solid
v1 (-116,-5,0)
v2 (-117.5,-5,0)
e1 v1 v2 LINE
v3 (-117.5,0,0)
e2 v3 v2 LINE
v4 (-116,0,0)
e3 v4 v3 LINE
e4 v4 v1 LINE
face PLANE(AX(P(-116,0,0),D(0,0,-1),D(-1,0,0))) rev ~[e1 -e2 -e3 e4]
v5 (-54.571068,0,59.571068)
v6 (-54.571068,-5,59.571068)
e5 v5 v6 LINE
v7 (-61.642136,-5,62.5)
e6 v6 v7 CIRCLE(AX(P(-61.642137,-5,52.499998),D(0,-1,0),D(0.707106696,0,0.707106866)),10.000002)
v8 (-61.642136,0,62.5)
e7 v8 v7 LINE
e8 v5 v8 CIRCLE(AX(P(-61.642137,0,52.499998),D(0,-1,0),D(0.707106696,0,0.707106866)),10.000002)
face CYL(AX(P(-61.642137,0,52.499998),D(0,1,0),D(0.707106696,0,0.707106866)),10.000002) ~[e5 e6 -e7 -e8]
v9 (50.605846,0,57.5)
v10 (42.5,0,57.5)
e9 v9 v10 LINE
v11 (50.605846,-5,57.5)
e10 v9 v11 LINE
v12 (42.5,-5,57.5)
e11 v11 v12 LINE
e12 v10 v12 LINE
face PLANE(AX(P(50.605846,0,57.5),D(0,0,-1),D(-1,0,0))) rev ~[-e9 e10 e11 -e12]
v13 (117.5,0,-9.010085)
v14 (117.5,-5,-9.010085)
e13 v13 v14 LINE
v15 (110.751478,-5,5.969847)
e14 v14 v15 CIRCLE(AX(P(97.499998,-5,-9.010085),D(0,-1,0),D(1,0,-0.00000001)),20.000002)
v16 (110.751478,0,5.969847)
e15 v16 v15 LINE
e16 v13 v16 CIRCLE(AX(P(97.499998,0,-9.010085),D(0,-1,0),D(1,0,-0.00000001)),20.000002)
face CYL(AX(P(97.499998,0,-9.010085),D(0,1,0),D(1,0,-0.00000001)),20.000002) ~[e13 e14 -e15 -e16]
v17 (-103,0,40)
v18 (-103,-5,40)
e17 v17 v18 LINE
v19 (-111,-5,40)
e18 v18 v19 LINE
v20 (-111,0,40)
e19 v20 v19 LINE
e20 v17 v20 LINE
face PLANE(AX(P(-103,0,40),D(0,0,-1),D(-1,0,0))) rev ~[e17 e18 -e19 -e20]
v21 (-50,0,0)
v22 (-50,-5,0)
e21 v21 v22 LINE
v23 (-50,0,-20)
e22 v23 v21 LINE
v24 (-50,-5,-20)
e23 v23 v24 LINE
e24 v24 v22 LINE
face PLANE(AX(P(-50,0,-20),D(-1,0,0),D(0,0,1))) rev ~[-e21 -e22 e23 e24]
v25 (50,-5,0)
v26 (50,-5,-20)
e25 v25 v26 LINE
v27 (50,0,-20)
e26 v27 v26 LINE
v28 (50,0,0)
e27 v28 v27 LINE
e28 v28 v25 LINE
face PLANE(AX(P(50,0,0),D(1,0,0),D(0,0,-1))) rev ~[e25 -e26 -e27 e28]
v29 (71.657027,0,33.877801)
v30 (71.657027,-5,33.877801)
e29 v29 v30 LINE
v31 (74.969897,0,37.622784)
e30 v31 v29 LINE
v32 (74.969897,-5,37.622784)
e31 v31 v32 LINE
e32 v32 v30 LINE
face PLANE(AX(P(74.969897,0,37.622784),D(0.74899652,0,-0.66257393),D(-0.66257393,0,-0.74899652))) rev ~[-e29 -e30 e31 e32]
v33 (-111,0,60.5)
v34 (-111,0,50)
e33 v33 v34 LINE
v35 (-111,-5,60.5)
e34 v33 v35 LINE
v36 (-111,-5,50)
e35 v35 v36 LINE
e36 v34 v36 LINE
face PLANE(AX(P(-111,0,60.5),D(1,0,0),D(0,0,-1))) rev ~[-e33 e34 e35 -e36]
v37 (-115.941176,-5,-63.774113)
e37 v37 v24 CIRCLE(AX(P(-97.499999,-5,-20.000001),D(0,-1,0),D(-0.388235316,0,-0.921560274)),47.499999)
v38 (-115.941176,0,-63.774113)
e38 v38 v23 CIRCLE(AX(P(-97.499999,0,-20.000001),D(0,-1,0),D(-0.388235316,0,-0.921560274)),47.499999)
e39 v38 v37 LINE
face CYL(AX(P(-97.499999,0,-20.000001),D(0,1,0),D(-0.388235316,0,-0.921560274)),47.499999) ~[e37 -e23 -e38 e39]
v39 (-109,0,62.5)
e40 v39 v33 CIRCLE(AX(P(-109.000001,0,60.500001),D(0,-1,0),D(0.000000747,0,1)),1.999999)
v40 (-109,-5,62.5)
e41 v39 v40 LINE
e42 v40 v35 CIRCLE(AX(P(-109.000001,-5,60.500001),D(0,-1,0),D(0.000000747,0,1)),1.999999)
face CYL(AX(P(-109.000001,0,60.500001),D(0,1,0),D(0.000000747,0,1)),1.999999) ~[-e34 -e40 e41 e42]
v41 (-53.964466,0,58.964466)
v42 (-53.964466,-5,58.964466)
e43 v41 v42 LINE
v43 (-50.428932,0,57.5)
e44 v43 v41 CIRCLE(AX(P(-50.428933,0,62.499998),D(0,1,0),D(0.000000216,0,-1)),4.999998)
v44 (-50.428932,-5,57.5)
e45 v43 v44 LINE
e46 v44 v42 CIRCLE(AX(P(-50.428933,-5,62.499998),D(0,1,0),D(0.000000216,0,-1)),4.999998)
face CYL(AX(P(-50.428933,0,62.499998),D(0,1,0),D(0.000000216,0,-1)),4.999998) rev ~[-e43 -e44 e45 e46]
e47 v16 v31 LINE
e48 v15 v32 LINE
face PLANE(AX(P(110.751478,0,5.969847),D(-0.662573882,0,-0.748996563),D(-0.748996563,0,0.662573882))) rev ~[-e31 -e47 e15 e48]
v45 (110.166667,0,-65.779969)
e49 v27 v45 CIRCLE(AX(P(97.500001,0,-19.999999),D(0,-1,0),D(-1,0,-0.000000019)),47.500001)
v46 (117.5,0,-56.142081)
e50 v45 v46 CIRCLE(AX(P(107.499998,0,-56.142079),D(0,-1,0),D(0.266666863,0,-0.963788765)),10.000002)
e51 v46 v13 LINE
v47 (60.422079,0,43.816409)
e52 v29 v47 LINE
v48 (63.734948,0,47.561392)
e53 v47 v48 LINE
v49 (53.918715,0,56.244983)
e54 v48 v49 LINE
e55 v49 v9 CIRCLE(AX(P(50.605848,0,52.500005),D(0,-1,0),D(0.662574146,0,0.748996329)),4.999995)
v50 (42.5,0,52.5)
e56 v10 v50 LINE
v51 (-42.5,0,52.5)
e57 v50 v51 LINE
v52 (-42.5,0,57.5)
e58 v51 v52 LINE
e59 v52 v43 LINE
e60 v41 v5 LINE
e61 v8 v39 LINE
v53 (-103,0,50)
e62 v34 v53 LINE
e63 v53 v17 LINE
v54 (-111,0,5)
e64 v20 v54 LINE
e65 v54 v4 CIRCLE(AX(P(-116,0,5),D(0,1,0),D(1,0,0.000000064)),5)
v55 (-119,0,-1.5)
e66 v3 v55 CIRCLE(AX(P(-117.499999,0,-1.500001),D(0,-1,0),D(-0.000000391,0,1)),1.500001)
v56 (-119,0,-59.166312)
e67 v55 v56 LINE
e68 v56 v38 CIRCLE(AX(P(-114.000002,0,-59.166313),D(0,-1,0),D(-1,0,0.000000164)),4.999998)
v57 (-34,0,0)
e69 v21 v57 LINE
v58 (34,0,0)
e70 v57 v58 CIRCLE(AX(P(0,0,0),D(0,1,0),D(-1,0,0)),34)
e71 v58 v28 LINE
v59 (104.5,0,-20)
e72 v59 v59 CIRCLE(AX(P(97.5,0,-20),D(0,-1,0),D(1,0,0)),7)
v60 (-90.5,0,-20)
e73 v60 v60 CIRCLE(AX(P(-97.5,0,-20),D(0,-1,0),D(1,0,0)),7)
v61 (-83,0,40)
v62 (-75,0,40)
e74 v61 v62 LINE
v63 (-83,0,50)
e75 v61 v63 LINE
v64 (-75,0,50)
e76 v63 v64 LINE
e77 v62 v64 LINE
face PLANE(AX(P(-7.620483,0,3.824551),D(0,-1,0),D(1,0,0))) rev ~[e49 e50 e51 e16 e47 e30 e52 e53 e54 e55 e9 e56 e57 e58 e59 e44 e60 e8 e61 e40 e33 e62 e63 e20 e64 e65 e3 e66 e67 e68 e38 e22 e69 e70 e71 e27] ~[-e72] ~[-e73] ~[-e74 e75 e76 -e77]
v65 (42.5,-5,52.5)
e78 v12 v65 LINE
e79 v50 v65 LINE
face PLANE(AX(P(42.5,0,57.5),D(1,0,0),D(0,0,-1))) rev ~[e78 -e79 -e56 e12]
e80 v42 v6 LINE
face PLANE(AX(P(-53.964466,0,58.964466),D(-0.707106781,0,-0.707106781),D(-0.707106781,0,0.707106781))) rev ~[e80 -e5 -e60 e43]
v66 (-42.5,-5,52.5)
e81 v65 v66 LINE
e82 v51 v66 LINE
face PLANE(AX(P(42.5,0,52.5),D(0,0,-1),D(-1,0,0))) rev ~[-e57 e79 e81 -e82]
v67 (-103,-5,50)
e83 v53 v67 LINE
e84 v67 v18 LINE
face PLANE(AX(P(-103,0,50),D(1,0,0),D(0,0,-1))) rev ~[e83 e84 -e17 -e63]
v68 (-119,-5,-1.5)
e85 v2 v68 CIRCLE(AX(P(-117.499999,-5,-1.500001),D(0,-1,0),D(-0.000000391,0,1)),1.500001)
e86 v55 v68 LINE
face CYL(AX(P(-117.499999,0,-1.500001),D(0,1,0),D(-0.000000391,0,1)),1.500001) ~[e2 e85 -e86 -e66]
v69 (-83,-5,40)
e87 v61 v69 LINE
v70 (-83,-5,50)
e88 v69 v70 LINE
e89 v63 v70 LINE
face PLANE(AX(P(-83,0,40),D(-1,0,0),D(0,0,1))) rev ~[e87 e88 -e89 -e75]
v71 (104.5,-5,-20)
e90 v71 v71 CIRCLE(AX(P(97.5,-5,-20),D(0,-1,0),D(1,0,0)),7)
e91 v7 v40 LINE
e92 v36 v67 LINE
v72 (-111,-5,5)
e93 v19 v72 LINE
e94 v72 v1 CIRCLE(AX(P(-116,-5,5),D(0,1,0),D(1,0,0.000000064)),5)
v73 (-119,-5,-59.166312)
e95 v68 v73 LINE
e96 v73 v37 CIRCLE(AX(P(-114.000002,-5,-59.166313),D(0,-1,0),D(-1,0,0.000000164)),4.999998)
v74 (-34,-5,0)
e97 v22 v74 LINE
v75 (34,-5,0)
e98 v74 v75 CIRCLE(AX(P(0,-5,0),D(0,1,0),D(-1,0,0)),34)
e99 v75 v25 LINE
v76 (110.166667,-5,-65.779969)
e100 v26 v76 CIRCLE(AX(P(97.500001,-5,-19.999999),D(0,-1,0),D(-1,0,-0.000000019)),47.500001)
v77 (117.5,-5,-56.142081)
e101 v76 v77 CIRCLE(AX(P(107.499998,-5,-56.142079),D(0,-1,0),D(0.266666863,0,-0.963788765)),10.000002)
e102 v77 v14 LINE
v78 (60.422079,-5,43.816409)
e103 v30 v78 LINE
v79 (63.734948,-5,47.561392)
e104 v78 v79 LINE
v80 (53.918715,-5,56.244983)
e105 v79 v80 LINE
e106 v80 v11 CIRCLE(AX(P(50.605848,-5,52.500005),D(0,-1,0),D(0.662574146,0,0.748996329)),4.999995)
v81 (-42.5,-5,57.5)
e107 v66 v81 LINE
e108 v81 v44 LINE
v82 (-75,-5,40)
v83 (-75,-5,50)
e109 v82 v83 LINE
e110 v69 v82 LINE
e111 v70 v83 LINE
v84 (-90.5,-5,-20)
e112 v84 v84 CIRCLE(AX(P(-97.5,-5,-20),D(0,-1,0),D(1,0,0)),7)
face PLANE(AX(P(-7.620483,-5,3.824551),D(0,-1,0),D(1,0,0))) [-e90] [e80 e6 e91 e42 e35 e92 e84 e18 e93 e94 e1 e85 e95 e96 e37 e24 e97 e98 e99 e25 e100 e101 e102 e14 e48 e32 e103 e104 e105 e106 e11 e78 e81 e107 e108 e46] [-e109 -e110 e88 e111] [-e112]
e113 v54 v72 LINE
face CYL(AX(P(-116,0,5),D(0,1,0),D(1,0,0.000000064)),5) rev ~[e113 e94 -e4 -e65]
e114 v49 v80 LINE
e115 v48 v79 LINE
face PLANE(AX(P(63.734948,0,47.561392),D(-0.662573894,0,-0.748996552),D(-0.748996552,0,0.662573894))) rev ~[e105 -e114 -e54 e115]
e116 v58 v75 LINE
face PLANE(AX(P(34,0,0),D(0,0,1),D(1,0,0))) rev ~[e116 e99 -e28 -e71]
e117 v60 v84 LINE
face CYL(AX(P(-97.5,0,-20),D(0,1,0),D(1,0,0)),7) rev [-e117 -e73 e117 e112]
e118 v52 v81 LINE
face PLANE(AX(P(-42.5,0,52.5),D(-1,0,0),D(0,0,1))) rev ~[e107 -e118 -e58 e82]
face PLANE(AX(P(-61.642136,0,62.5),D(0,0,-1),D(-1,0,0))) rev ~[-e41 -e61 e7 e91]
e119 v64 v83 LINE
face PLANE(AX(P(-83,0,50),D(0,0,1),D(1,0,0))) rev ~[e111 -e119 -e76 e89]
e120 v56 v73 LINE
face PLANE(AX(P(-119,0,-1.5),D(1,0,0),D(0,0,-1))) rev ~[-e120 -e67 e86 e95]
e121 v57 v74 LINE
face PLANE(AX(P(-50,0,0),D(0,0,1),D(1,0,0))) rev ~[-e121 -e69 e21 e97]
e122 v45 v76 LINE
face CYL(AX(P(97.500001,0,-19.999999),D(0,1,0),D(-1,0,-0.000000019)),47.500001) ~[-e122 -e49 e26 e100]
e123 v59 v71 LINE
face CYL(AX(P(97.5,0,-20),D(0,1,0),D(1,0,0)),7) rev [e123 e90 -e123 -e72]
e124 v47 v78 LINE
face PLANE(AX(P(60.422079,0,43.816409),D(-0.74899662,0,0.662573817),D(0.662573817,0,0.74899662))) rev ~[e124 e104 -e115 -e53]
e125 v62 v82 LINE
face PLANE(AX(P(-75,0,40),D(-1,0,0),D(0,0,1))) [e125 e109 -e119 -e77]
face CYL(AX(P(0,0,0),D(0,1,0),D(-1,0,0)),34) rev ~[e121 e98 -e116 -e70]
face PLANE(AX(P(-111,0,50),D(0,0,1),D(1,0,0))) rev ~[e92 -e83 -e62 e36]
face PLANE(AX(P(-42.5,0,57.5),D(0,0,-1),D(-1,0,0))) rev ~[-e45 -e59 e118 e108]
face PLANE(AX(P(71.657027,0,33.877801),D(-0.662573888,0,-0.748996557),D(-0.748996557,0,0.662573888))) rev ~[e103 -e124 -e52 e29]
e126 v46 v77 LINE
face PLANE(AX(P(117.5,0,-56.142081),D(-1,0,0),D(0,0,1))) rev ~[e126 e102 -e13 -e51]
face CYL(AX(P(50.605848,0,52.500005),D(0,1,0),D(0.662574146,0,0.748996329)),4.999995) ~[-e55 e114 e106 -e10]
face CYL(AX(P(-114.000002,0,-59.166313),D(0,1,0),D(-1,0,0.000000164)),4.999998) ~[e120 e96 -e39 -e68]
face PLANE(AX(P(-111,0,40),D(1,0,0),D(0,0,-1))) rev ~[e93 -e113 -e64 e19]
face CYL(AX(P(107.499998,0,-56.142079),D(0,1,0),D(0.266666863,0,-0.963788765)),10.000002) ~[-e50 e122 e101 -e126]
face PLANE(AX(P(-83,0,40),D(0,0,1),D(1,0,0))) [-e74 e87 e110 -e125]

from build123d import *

# Parameters (mm, degrees)
F0_R     = 7
F0_W     = 8
F0_H     = 10
F1_DEPTH = 5


with BuildPart() as f1:
    # F0 (on Front) → F1 (new body)
    with BuildSketch(Plane.XZ):
        with BuildLine():
            ThreePointArc((-34, 0), (0, 34), (34, 0))
            Line((34, 0), (50, 0))
            Line((50, 0), (50, -20))
            ThreePointArc((50, -20), (68.737322, -57.801565), (110.166667, -65.779969))
            ThreePointArc((110.166667, -65.779969), (115.458224, -62.197381), (117.5, -56.142081))
            Line((117.5, -56.142081), (117.5, -9.010085))
            ThreePointArc((117.5, -9.010085), (115.734988, -0.795146), (110.751478, 5.969847))
            Line((110.751478, 5.969847), (74.969897, 37.622784))
            Line((74.969897, 37.622784), (71.657027, 33.877801))
            Line((71.657027, 33.877801), (60.422079, 43.816409))
            Line((60.422079, 43.816409), (63.734948, 47.561392))
            Line((63.734948, 47.561392), (53.918715, 56.244983))
            ThreePointArc((53.918715, 56.244983), (52.377157, 57.175731), (50.605846, 57.5))
            Line((50.605846, 57.5), (42.5, 57.5))
            Line((42.5, 57.5), (42.5, 52.5))
            Line((42.5, 52.5), (-42.5, 52.5))
            Line((-42.5, 52.5), (-42.5, 57.5))
            Line((-42.5, 57.5), (-50.428932, 57.5))
            ThreePointArc((-50.428932, 57.5), (-52.342349, 57.880602), (-53.964466, 58.964466))
            Line((-53.964466, 58.964466), (-54.571068, 59.571068))
            ThreePointArc((-54.571068, 59.571068), (-57.815301, 61.738795), (-61.642136, 62.5))
            Line((-61.642136, 62.5), (-109, 62.5))
            ThreePointArc((-109, 62.5), (-110.414214, 61.914214), (-111, 60.5))
            Line((-111, 60.5), (-111, 50))
            Line((-111, 50), (-103, 50))
            Line((-103, 50), (-103, 40))
            Line((-103, 40), (-111, 40))
            Line((-111, 40), (-111, 5))
            ThreePointArc((-111, 5), (-112.464466, 1.464466), (-116, 0))
            Line((-116, 0), (-117.5, 0))
            ThreePointArc((-117.5, 0), (-118.56066, -0.43934), (-119, -1.5))
            Line((-119, -1.5), (-119, -59.166312))
            ThreePointArc((-119, -59.166312), (-118.165686, -61.931644), (-115.941176, -63.774113))
            ThreePointArc((-115.941176, -63.774113), (-71.22935, -59.574019), (-50, -20))
            Line((-50, -20), (-50, 0))
            Line((-50, 0), (-34, 0))
        make_face()
        with Locations((-97.5, -20)):
            Circle(F0_R, mode=Mode.SUBTRACT)
        with Locations((97.5, -20)):
            Circle(F0_R, mode=Mode.SUBTRACT)
        with Locations((-79, 45)):
            Rectangle(F0_W, F0_H, mode=Mode.SUBTRACT)
    extrude(amount=F1_DEPTH)


solid = f1.part
